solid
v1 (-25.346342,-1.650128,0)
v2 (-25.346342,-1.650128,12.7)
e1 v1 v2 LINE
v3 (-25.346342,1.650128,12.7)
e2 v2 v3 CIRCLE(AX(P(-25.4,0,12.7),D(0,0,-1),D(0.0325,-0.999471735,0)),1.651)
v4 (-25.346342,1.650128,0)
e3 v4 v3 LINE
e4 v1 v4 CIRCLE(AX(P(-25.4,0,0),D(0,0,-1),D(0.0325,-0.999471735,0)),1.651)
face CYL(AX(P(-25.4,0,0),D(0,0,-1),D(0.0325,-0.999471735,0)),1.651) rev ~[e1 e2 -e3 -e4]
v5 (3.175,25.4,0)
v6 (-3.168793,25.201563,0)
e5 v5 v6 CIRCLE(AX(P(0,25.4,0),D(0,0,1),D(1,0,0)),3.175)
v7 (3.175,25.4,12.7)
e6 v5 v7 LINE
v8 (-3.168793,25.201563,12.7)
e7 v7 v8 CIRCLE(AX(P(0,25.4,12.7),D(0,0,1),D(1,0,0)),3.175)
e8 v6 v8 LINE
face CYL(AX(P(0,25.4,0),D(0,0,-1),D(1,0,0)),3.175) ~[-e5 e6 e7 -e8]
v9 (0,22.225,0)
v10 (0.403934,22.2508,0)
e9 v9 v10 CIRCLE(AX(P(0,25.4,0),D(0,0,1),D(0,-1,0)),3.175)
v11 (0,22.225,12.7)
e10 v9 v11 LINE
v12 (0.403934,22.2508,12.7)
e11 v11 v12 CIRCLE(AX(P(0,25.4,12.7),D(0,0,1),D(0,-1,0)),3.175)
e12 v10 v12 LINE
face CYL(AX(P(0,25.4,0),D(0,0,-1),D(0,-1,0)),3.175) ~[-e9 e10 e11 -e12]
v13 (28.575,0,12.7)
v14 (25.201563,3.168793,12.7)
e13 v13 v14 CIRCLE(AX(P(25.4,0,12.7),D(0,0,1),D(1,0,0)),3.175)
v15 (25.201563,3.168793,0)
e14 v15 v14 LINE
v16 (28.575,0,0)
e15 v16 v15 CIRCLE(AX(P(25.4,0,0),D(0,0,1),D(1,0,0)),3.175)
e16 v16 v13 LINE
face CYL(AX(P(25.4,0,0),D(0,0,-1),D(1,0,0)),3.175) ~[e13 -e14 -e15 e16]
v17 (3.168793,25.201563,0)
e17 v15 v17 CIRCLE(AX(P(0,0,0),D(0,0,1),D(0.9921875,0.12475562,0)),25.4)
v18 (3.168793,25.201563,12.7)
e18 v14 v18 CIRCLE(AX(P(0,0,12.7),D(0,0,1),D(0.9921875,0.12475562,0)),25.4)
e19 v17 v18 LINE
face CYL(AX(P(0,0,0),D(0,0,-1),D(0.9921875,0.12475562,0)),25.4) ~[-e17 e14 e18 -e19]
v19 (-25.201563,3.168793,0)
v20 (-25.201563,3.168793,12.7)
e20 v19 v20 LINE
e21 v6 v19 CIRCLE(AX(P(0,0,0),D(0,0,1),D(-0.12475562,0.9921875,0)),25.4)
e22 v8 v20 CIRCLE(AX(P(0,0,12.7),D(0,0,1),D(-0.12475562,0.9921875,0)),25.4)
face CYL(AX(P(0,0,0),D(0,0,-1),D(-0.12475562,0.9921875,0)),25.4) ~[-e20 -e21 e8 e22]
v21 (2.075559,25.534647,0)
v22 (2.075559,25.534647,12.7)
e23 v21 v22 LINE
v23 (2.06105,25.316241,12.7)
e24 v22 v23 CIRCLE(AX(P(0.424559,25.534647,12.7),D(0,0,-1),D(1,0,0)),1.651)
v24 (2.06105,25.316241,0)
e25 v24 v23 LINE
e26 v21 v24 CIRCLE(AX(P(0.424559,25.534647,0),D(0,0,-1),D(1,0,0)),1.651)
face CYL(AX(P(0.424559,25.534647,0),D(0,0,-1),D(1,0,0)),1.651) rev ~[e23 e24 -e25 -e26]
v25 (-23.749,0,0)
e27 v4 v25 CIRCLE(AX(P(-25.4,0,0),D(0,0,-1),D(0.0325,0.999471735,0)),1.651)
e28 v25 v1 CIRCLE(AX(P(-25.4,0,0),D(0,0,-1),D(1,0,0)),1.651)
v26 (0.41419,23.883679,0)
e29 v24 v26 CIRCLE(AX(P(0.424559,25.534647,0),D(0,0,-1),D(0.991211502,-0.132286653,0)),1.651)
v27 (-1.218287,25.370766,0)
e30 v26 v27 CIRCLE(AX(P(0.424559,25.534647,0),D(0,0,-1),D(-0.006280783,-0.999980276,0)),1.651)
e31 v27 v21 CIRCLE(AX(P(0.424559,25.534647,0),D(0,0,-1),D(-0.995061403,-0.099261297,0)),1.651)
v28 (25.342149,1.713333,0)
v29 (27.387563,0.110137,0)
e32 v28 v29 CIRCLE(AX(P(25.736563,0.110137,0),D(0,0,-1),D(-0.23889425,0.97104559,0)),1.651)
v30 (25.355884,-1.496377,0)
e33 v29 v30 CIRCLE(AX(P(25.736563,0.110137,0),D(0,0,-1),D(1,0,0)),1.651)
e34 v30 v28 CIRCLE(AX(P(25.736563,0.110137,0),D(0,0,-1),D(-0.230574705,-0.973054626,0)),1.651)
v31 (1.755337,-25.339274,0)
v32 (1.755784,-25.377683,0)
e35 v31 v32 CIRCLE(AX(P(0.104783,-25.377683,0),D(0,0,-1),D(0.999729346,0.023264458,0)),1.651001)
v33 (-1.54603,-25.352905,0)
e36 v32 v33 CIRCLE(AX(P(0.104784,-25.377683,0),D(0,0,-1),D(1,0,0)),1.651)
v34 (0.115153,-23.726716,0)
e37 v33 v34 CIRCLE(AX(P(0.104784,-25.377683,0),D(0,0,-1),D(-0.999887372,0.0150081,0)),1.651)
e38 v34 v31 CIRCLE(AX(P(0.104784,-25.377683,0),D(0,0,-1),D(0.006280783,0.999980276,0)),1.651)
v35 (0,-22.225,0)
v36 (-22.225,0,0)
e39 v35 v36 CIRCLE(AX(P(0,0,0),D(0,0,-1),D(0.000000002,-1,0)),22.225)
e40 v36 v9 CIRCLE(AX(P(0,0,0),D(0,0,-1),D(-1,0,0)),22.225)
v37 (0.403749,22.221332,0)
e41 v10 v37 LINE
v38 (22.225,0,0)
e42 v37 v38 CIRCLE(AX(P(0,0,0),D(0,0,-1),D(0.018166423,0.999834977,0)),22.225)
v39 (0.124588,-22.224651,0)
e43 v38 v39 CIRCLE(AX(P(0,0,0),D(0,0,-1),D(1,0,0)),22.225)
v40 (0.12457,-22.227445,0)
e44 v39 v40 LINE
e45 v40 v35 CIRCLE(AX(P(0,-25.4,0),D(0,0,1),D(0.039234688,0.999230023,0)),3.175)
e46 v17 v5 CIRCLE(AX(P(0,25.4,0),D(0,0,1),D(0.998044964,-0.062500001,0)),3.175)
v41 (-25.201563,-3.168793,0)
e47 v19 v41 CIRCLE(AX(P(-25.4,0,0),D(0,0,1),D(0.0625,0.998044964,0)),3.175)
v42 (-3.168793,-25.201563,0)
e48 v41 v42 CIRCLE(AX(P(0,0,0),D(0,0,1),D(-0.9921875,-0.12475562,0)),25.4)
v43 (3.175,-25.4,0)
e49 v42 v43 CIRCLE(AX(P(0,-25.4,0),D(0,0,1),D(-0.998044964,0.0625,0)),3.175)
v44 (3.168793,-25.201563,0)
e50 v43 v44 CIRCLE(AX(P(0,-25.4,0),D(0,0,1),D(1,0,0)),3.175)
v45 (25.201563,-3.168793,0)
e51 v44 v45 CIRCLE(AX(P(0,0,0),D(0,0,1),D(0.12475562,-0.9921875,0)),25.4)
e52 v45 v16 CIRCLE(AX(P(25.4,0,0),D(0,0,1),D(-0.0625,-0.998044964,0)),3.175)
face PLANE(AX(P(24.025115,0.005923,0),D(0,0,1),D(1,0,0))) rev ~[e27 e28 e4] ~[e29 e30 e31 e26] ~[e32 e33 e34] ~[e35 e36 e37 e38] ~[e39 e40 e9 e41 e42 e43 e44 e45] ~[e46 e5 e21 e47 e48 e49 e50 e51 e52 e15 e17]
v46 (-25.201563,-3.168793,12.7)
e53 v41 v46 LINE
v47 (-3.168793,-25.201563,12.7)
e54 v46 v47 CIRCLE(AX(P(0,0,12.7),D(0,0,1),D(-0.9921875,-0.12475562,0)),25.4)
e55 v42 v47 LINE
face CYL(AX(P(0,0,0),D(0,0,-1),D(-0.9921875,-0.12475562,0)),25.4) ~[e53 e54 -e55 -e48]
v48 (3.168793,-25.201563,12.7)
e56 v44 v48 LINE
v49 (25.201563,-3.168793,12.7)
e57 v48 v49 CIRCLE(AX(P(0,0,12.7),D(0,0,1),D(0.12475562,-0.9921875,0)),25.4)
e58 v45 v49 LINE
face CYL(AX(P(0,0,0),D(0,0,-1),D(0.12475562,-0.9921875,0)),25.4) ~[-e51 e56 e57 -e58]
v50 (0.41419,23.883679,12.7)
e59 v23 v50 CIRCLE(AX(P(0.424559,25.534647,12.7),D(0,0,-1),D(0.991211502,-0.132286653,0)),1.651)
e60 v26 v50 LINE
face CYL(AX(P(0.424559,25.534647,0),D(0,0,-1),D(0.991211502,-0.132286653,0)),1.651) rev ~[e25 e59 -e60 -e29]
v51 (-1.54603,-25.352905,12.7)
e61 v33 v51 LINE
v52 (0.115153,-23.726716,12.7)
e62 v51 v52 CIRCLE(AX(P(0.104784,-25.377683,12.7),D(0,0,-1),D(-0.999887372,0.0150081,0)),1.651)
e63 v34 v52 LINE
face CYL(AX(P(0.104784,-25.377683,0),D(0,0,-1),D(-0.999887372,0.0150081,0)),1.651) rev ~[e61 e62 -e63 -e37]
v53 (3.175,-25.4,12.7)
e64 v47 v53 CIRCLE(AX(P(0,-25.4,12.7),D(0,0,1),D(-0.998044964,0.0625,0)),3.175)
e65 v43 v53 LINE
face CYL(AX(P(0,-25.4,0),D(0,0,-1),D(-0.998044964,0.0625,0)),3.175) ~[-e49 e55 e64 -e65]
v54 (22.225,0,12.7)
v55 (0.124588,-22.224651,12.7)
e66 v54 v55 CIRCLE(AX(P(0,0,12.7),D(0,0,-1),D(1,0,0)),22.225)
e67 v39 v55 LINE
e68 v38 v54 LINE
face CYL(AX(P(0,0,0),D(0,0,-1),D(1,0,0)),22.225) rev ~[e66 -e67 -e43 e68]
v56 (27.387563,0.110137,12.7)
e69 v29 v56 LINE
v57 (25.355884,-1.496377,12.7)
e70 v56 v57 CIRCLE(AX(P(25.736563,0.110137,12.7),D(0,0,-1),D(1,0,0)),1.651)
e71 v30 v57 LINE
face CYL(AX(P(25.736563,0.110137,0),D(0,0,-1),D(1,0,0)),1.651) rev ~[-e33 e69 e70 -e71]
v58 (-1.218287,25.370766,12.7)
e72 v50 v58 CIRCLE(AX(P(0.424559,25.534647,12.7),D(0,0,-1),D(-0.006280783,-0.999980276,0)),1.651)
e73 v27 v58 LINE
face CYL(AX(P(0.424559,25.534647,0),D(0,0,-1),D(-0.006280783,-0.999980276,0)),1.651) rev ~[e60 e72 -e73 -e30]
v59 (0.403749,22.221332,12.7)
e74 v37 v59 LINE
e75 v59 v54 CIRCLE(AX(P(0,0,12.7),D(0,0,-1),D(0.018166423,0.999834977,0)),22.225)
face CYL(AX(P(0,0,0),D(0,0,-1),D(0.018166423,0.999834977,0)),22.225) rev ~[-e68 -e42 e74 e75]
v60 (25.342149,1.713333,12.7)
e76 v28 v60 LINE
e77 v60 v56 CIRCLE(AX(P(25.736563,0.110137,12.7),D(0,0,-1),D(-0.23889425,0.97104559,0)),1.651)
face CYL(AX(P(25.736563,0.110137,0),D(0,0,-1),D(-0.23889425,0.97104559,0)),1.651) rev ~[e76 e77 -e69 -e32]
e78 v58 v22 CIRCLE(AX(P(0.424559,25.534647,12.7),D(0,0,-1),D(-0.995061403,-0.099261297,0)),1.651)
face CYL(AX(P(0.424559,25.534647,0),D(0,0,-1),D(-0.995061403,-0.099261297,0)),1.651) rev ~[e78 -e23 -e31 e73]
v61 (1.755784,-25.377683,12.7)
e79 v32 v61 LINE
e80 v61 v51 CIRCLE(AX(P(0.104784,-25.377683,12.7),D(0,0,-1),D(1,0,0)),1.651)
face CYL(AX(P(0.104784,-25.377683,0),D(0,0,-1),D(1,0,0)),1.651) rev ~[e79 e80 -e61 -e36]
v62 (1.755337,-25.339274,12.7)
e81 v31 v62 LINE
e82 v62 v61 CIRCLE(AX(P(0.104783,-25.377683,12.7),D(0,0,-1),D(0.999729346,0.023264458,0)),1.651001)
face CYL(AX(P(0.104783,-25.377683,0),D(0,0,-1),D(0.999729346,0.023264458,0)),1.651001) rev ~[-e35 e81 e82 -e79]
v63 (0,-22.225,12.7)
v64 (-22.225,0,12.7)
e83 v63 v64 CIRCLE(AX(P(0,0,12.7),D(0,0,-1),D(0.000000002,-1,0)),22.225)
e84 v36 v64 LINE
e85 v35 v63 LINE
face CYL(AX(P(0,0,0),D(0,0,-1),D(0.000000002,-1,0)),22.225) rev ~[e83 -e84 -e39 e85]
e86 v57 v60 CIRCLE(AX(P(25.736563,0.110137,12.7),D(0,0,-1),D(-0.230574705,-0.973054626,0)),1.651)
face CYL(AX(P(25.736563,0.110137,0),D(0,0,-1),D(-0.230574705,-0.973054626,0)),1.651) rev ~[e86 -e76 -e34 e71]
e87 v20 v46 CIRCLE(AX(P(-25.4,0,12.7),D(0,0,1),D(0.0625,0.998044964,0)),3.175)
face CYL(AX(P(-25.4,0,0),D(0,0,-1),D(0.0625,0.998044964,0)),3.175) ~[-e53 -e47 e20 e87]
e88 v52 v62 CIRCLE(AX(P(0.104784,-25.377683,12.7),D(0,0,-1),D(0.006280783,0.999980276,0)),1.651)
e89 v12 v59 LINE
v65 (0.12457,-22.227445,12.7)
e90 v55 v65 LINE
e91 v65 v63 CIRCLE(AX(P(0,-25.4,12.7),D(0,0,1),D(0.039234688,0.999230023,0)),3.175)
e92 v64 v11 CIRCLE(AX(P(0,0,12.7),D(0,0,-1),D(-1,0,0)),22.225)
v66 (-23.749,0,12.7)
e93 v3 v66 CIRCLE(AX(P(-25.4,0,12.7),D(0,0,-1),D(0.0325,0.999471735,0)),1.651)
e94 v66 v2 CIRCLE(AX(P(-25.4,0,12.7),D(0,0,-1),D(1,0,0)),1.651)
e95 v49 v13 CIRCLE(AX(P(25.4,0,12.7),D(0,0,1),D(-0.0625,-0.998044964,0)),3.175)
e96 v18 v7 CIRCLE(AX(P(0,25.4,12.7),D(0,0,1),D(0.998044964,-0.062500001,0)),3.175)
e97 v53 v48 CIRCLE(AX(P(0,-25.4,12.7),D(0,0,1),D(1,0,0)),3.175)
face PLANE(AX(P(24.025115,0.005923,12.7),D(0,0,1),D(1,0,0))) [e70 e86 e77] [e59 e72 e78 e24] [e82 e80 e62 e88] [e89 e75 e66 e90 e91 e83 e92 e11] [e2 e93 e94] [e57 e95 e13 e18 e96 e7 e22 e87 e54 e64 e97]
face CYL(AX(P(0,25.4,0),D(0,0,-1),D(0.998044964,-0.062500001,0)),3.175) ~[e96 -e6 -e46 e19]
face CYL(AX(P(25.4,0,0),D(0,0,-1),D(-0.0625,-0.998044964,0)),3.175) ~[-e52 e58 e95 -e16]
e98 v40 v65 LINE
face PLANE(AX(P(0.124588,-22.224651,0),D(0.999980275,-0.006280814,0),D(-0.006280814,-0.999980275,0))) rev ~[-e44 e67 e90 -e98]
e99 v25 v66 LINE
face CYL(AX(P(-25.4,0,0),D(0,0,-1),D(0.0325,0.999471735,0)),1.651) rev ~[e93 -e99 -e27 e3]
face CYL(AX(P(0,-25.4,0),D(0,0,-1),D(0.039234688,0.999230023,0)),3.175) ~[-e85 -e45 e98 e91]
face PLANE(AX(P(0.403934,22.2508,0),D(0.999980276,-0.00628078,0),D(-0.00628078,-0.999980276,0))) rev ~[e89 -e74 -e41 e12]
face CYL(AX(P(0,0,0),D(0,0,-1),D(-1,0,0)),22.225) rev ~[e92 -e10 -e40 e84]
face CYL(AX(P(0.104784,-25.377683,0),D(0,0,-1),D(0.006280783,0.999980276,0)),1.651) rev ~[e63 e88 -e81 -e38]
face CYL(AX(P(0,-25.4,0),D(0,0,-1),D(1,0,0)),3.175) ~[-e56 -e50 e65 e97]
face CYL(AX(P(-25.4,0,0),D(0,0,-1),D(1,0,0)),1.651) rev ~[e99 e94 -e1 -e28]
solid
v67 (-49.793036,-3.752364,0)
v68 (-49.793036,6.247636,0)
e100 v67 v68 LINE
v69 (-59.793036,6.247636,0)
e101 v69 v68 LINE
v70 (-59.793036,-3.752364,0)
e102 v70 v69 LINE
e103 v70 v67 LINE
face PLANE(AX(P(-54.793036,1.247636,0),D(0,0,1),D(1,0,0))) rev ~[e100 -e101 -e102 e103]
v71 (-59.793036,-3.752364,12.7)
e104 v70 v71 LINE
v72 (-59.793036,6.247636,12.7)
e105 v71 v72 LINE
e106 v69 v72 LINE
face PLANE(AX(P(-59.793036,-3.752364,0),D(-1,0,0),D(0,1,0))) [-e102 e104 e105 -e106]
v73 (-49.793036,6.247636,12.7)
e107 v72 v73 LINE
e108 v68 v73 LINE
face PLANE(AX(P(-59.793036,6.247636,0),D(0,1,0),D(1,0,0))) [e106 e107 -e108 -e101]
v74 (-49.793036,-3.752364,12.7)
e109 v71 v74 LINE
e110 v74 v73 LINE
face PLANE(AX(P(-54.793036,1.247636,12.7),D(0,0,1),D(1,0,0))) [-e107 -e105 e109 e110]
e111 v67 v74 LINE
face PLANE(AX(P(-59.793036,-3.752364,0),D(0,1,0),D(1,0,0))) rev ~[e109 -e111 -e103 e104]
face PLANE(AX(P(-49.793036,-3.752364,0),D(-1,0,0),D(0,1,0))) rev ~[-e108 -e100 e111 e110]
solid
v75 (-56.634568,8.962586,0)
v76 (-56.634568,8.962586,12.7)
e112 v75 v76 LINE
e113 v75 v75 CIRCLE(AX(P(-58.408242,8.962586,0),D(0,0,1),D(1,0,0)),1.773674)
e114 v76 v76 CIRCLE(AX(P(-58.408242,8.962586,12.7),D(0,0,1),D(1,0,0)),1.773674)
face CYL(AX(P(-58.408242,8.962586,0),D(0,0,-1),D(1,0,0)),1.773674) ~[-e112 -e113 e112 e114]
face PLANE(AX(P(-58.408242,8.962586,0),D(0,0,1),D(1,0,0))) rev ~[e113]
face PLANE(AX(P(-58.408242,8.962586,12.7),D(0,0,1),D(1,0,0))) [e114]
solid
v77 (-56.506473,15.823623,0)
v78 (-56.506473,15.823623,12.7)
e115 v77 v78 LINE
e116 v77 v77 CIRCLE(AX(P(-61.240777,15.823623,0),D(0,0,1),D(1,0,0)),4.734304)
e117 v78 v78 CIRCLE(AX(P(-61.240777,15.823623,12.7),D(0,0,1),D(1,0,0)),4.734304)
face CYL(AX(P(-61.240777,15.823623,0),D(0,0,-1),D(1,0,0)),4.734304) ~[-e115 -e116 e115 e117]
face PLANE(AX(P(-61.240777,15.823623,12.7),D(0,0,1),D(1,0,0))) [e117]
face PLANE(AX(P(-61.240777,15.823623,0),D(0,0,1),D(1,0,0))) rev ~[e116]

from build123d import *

# Parameters (mm, degrees)
F1_DEPTH = 12.7
F0_R     = 4.7343044343
F0_R_2   = 1.7736738102
F0_W     = 10
F0_H     = 10


with BuildPart() as f1:
    # F0 (on Top) → F1 (new body)
    with BuildSketch(Plane.XY):
        with BuildLine():
            ThreePointArc((25.3558840705, -1.4963766246), (24.085578025, 0.1030713696), (25.3421485002, 1.7133328318))
            ThreePointArc((25.3421485002, 1.7133328318), (25.2823312082, 2.4420746672), (25.2015625, 3.1687927604))
            ThreePointArc((25.2015625, 3.1687927604), (23.0858409667, 2.1737739001), (22.225, 0))
            ThreePointArc((22.225, 0), (23.0858409667, -2.1737739001), (25.2015625, -3.1687927604))
            ThreePointArc((25.2015625, -3.1687927604), (25.2925501851, -2.3338605645), (25.3558840705, -1.4963766246))
        make_face()
        with BuildLine():
            ThreePointArc((25.2015625, 3.1687927604), (25.2823312082, 2.4420746672), (25.3421485002, 1.7133328318))
            ThreePointArc((25.3421485002, 1.7133328318), (26.755047766, 1.4095555078), (27.3875629077, 0.1101365633))
            ThreePointArc((27.3875629077, 0.1101365633), (26.7605990984, -1.1849120381), (25.3558840705, -1.4963766246))
            ThreePointArc((25.3558840705, -1.4963766246), (25.2925501851, -2.3338605645), (25.2015625, -3.1687927604))
            ThreePointArc((25.2015625, -3.1687927604), (27.5737739001, -2.3141590333), (28.575, 0))
            ThreePointArc((28.575, 0), (27.5737739001, 2.3141590333), (25.2015625, 3.1687927604))
        make_face()
        with BuildLine():
            ThreePointArc((22.225, 0), (23.0858409667, 2.1737739001), (25.2015625, 3.1687927604))
            ThreePointArc((25.2015625, 3.1687927604), (17.9605122421, 17.9605122421), (3.1687927604, 25.2015625))
            ThreePointArc((3.1687927604, 25.2015625), (2.3168608274, 23.2291059661), (0.4039338373, 22.2507997118))
            Line((0.4039338373, 22.2507997118), (0.4037487557, 22.221332362))
            ThreePointArc((0.4037487557, 22.221332362), (15.8575524766, 15.5720472146), (22.225, 0))
        make_face()
        with BuildLine():
            ThreePointArc((3.1687927604, -25.2015625), (17.9605122421, -17.9605122421), (25.2015625, -3.1687927604))
            ThreePointArc((25.2015625, -3.1687927604), (23.0858409667, -2.1737739001), (22.225, 0))
            ThreePointArc((22.225, 0), (15.7594350485, -15.671337912), (0.124587676, -22.2246507939))
            Line((0.124587676, -22.2246507939), (0.1245701278, -22.2274446761))
            ThreePointArc((0.1245701278, -22.2274446761), (2.2187618137, -23.1289383509), (3.1687927604, -25.2015625))
        make_face()
        with BuildLine():
            ThreePointArc((0.4039338373, 22.2507997118), (2.3168608274, 23.2291059661), (3.1687927604, 25.2015625))
            ThreePointArc((3.1687927604, 25.2015625), (2.6155497493, 25.2649737682), (2.0610495634, 25.3162413225))
            ThreePointArc((2.0610495634, 25.3162413225), (1.5081301648, 24.2889839746), (0.414189801, 23.8836791504))
            Line((0.414189801, 23.8836791504), (0.4039338373, 22.2507997118))
        make_face()
        with BuildLine():
            ThreePointArc((2.0610495634, 25.3162413225), (2.6155497493, 25.2649737682), (3.1687927604, 25.2015625))
            ThreePointArc((3.1687927604, 25.2015625), (3.1734478107, 25.3007327204), (3.175, 25.4))
            ThreePointArc((3.175, 25.4), (-0.0992672796, 28.5734478107), (-3.1687927604, 25.2015625))
            ThreePointArc((-3.1687927604, 25.2015625), (-2.1951707638, 25.3049644402), (-1.218287002, 25.3707661843))
            ThreePointArc((-1.218287002, 25.3707661843), (0.3425178179, 27.1836069196), (2.0755593736, 25.5346465856))
            ThreePointArc((2.0755593736, 25.5346465856), (2.0719279273, 25.4252032286), (2.0610495634, 25.3162413225))
        make_face()
        with BuildLine():
            ThreePointArc((3.175, -25.4), (3.1734478107, -25.3007327204), (3.1687927604, -25.2015625))
            ThreePointArc((3.1687927604, -25.2015625), (2.463027482, -25.2802985667), (1.7553369221, -25.3392737128))
            ThreePointArc((1.7553369221, -25.3392737128), (1.7556720559, -25.3584772275), (1.7557837723, -25.3776833415))
            ThreePointArc((1.7557837723, -25.3776833415), (0.0923942372, -27.0286368537), (-1.5460302791, -25.3529049692))
            ThreePointArc((-1.5460302791, -25.3529049692), (-2.3586257035, -25.2902527625), (-3.1687927604, -25.2015625))
            ThreePointArc((-3.1687927604, -25.2015625), (-0.0992672796, -28.5734478107), (3.175, -25.4))
        make_face()
        with BuildLine():
            ThreePointArc((1.7553369221, -25.3392737128), (2.463027482, -25.2802985667), (3.1687927604, -25.2015625))
            ThreePointArc((3.1687927604, -25.2015625), (2.2187618137, -23.1289383509), (0.1245701278, -22.2274446761))
            Line((0.1245701278, -22.2274446761), (0.1151533449, -23.7267159063))
            ThreePointArc((0.1151533449, -23.7267159063), (1.2622602266, -24.2003774094), (1.7553369221, -25.3392737128))
        make_face()
        with BuildLine():
            ThreePointArc((0, 22.225), (0.2023784636, 22.2314564927), (0.4039338373, 22.2507997118))
            Line((0.4039338373, 22.2507997118), (0.414189801, 23.8836791504))
            ThreePointArc((0.414189801, 23.8836791504), (-0.6872579246, 24.3141289514), (-1.218287002, 25.3707661843))
            ThreePointArc((-1.218287002, 25.3707661843), (-2.1951707638, 25.3049644402), (-3.1687927604, 25.2015625))
            ThreePointArc((-3.1687927604, 25.2015625), (-2.1737739001, 23.0858409667), (0, 22.225))
        make_face()
        with BuildLine():
            Line((0.1151533449, -23.7267159063), (0.1245701278, -22.2274446761))
            ThreePointArc((0.1245701278, -22.2274446761), (0.0622970766, -22.2256112282), (3.94e-08, -22.225))
            ThreePointArc((3.94e-08, -22.225), (-2.1737738858, -23.0858409533), (-3.1687927604, -25.2015625))
            ThreePointArc((-3.1687927604, -25.2015625), (-2.3586257035, -25.2902527625), (-1.5460302791, -25.3529049692))
            ThreePointArc((-1.5460302791, -25.3529049692), (-1.0501565894, -24.197889393), (0.1151533449, -23.7267159063))
        make_face()
        with BuildLine():
            ThreePointArc((-22.225, 0), (-15.7154482119, 15.7154482119), (0, 22.225))
            ThreePointArc((0, 22.225), (-2.1737739001, 23.0858409667), (-3.1687927604, 25.2015625))
            ThreePointArc((-3.1687927604, 25.2015625), (-17.9605122421, 17.9605122421), (-25.2015625, 3.1687927604))
            ThreePointArc((-25.2015625, 3.1687927604), (-23.0858409667, 2.1737739001), (-22.225, 0))
        make_face()
        with BuildLine():
            ThreePointArc((-3.1687927604, -25.2015625), (-2.1737738858, -23.0858409533), (3.94e-08, -22.225))
            ThreePointArc((3.94e-08, -22.225), (-15.715448198, -15.7154482258), (-22.225, 0))
            ThreePointArc((-22.225, 0), (-23.0858409667, -2.1737739001), (-25.2015625, -3.1687927604))
            ThreePointArc((-25.2015625, -3.1687927604), (-17.9605122421, -17.9605122421), (-3.1687927604, -25.2015625))
        make_face()
        with BuildLine():
            ThreePointArc((-25.2015625, -3.1687927604), (-23.0858409667, -2.1737739001), (-22.225, 0))
            ThreePointArc((-22.225, 0), (-23.0858409667, 2.1737739001), (-25.2015625, 3.1687927604))
            ThreePointArc((-25.2015625, 3.1687927604), (-25.2853566469, 2.4105474978), (-25.3463425, 1.6501278353))
            ThreePointArc((-25.3463425, 1.6501278353), (-24.2137475959, 1.1483058102), (-23.749, 0))
            ThreePointArc((-23.749, 0), (-24.2137475959, -1.1483058102), (-25.3463425, -1.6501278353))
            ThreePointArc((-25.3463425, -1.6501278353), (-25.2853566469, -2.4105474978), (-25.2015625, -3.1687927604))
        make_face()
        with BuildLine():
            ThreePointArc((-25.3463425, 1.6501278353), (-25.2853566469, 2.4105474978), (-25.2015625, 3.1687927604))
            ThreePointArc((-25.2015625, 3.1687927604), (-28.575, 0), (-25.2015625, -3.1687927604))
            ThreePointArc((-25.2015625, -3.1687927604), (-25.2853566469, -2.4105474978), (-25.3463425, -1.6501278353))
            ThreePointArc((-25.3463425, -1.6501278353), (-27.051, 0), (-25.3463425, 1.6501278353))
        make_face()
    extrude(amount=F1_DEPTH)


with BuildPart() as f1b:
    # F0 (on Top) → F1, piece 2 (new body)
    with BuildSketch(Plane.XY):
        with Locations((-61.2407773733, 15.8236231655)):
            Circle(F0_R)
    extrude(amount=F1_DEPTH)


with BuildPart() as f1c:
    # F0 (on Top) → F1, piece 3 (new body)
    with BuildSketch(Plane.XY):
        with Locations((-58.408241719, 8.9625855908)):
            Circle(F0_R_2)
    extrude(amount=F1_DEPTH)


with BuildPart() as f1d:
    # F0 (on Top) → F1, piece 4 (new body)
    with BuildSketch(Plane.XY):
        with Locations((-54.7930364311, 1.2476359215)):
            Rectangle(F0_W, F0_H)
    extrude(amount=F1_DEPTH)


solid = Compound([f1.part, f1b.part, f1c.part, f1d.part])
